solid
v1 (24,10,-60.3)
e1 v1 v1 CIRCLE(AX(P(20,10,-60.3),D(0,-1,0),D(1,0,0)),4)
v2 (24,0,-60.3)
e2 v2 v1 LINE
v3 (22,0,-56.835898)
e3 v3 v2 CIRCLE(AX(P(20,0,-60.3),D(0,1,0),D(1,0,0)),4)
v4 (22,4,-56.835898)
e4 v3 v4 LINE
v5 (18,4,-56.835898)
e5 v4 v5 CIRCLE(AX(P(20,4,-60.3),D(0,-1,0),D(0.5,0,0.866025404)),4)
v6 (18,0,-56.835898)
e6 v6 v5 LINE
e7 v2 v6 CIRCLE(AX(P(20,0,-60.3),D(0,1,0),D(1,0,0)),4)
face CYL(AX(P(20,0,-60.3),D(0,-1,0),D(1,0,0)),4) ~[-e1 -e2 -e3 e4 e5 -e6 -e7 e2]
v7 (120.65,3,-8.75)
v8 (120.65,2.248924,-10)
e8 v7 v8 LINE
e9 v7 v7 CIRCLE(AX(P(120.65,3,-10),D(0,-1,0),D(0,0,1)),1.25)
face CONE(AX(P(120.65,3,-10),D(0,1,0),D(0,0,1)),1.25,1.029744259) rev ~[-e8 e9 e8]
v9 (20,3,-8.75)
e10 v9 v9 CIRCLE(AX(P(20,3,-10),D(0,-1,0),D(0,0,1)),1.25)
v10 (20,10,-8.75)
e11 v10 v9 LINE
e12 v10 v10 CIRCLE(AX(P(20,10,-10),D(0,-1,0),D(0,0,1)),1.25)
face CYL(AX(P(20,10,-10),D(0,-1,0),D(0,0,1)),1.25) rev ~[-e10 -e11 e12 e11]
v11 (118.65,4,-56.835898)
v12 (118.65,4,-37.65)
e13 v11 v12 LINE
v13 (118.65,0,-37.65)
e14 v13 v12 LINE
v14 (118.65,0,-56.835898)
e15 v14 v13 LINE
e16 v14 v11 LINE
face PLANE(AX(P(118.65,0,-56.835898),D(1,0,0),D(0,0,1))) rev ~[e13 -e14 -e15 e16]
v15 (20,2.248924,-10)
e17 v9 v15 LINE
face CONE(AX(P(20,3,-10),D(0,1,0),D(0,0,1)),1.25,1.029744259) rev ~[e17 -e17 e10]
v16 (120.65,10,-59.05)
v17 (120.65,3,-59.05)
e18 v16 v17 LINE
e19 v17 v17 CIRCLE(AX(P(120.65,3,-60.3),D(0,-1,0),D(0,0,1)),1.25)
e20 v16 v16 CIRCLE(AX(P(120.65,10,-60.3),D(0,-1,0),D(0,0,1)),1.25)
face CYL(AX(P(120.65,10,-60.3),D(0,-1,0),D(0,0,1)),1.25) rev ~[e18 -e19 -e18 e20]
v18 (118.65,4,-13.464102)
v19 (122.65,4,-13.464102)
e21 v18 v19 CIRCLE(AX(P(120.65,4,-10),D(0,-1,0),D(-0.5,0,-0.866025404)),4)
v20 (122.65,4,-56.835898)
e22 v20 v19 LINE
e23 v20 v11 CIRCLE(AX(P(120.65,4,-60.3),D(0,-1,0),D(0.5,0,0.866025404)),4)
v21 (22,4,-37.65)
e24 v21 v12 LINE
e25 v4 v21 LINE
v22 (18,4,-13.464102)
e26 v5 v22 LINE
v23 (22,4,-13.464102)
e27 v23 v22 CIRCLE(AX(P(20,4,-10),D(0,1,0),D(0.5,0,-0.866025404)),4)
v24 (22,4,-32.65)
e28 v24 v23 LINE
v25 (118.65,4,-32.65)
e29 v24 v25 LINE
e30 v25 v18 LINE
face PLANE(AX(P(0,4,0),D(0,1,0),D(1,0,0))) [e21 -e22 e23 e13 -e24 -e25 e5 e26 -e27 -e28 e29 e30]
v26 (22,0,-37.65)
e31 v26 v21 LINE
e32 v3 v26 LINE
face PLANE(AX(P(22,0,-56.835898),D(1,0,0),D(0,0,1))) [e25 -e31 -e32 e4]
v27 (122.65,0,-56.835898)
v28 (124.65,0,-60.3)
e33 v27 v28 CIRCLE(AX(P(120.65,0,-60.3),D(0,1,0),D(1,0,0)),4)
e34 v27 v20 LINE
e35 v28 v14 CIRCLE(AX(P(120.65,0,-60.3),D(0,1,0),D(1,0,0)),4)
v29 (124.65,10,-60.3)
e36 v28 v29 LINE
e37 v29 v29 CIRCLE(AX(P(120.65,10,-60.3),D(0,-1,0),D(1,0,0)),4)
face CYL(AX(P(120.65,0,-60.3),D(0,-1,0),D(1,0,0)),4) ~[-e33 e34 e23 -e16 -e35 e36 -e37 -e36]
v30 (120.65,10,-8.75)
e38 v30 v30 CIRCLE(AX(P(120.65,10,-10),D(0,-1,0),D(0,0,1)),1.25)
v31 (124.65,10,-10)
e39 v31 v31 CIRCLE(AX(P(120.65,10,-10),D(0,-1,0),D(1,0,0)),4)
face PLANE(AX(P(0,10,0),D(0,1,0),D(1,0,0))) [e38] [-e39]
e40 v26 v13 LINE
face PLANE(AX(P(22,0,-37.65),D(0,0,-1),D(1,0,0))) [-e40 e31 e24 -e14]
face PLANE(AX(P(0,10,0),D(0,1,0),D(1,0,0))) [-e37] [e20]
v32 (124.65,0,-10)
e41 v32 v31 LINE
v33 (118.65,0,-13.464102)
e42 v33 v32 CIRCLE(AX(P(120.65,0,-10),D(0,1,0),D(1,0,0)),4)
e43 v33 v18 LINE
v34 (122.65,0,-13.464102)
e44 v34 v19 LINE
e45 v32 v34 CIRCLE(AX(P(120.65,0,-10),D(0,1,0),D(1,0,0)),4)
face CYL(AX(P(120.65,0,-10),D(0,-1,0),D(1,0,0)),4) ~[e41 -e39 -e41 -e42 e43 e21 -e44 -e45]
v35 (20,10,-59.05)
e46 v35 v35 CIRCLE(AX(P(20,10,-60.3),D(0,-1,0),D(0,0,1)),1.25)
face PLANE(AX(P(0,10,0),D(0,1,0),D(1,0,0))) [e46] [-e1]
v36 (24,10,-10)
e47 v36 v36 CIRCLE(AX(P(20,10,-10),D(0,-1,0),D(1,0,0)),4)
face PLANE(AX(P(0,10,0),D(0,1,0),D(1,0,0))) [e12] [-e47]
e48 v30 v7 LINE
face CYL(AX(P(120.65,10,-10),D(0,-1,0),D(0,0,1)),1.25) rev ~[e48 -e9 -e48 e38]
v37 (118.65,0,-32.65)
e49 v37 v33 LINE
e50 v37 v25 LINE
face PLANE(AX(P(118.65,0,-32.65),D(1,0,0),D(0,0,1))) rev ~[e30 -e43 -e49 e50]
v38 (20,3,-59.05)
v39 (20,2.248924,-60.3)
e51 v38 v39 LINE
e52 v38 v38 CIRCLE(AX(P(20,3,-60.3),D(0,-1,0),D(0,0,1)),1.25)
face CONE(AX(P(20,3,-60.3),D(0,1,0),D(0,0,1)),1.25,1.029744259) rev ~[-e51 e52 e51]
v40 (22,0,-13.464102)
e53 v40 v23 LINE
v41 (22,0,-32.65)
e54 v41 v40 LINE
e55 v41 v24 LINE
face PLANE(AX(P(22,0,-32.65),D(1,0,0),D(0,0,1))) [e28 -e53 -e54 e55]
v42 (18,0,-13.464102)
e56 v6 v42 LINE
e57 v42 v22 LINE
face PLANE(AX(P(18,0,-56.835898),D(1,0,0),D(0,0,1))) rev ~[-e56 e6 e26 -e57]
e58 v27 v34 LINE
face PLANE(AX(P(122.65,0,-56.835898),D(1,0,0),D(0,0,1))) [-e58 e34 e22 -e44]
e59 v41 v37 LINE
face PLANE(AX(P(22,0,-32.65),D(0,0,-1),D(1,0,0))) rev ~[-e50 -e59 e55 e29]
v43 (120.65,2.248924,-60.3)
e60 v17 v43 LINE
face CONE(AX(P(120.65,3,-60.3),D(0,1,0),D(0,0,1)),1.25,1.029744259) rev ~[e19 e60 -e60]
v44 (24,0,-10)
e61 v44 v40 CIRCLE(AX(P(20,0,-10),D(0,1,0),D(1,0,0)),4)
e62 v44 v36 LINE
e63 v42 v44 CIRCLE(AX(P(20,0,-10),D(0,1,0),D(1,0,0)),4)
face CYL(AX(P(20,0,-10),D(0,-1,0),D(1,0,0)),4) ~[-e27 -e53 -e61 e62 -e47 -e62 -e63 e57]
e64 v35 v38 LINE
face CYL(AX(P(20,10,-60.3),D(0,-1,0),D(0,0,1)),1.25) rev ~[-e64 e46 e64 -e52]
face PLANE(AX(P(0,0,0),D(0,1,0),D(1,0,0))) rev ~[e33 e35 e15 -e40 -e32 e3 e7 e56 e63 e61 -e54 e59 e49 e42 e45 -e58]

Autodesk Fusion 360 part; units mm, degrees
sketch "Schizzo7" plane through (0, 0, 0) normal (0, 1, 0) x (1, 0, 0)
  line L0 (20, 10) -> (120.65, 10)
  line L1 (120.65, 10) -> (120.65, 60.3)
  line L2 (120.65, 60.3) -> (20, 60.3)
  line L3 (20, 60.3) -> (20, 10)
  circle A0 centre (120.65, 60.3) radius 4
  circle A1 centre (20, 60.3) radius 4
  circle A2 centre (20, 10) radius 4
  circle A3 centre (120.65, 10) radius 4
  line L4 (20, 60.3) -> (18, 60.3)
  line L5 (18, 60.3) -> (20, 60.3)
  line L6 (20, 60.3) -> (22, 60.3)
  line L7 (22, 60.3) -> (22, 10)
  line L8 (18, 60.3) -> (18, 10)
  line L9 (120.65, 60.3) -> (122.65, 60.3)
  line L10 (120.65, 60.3) -> (118.65, 60.3)
  line L11 (118.65, 60.3) -> (118.65, 10)
  line L12 (122.65, 60.3) -> (122.65, 10)
  line L13 (122.65, 10) -> (120.65, 10)
  line L14 (20, 35.15) -> (120.65, 35.15)
  line L15 (22, 35.15) -> (22, 37.65)
  line L16 (22, 35.15) -> (22, 32.65)
  line L17 (22, 37.65) -> (118.65, 37.65)
  line L18 (22, 32.65) -> (118.65, 32.65)
  dimension "d45" = 100.65
  dimension "d46" = 50.3
  dimension "d47" = 8
  dimension "d48" = 8
  dimension "d49" = 8
  dimension "d50" = 8
  dimension "d51" = 2
  dimension "d52" = 2
  dimension "d53" = 2.5
  dimension "d54" = 2.5
extrude "Estrusione12" add sketch "Schizzo7" along normal blind 4 contours L3 A1 A2 L8 | L3 A2 L7 L14 L16 | L3 A1 L7 L14 L15 | L7 L11 L14 L16 L18 | L7 L11 L14 L15 L17 | L1 A3 L11 L14 | L1 A0 L11 L14 | L1 A0 A3 L12
extrude "Estrusione13" add sketch "Schizzo7" along normal blind 10 contours L0 L3 A2 L7 | L0 L3 A2 | L0 A2 L7 | L0 A3 L11 | L0 A3 L12 L13 | L3 A1 L4 L5 L8 | L2 L3 A1 L6 L7 | L2 A1 L4 L5 L6 L8 | L0 L1 A3 L11 | L2 A1 L7 | L1 A3 L12 L13 | L2 A0 L9 L10 L12 | L2 A0 L11 | L1 A0 L9 L12 | L1 L2 A0 L10 L11
hole "Foratura1" at (120.65, 10, -60.3) direction (0, -1, 0) diameter 2.5 depth 7 tip angle 118
hole "Foratura2" at (120.65, 10, -10) direction (0, -1, 0) diameter 2.5 depth 7 tip angle 118
hole "Foratura3" at (20, 10, -10) direction (0, -1, 0) diameter 2.5 depth 7 tip angle 118
hole "Foratura4" at (20, 10, -60.3) direction (0, -1, 0) diameter 2.5 depth 7 tip angle 118
